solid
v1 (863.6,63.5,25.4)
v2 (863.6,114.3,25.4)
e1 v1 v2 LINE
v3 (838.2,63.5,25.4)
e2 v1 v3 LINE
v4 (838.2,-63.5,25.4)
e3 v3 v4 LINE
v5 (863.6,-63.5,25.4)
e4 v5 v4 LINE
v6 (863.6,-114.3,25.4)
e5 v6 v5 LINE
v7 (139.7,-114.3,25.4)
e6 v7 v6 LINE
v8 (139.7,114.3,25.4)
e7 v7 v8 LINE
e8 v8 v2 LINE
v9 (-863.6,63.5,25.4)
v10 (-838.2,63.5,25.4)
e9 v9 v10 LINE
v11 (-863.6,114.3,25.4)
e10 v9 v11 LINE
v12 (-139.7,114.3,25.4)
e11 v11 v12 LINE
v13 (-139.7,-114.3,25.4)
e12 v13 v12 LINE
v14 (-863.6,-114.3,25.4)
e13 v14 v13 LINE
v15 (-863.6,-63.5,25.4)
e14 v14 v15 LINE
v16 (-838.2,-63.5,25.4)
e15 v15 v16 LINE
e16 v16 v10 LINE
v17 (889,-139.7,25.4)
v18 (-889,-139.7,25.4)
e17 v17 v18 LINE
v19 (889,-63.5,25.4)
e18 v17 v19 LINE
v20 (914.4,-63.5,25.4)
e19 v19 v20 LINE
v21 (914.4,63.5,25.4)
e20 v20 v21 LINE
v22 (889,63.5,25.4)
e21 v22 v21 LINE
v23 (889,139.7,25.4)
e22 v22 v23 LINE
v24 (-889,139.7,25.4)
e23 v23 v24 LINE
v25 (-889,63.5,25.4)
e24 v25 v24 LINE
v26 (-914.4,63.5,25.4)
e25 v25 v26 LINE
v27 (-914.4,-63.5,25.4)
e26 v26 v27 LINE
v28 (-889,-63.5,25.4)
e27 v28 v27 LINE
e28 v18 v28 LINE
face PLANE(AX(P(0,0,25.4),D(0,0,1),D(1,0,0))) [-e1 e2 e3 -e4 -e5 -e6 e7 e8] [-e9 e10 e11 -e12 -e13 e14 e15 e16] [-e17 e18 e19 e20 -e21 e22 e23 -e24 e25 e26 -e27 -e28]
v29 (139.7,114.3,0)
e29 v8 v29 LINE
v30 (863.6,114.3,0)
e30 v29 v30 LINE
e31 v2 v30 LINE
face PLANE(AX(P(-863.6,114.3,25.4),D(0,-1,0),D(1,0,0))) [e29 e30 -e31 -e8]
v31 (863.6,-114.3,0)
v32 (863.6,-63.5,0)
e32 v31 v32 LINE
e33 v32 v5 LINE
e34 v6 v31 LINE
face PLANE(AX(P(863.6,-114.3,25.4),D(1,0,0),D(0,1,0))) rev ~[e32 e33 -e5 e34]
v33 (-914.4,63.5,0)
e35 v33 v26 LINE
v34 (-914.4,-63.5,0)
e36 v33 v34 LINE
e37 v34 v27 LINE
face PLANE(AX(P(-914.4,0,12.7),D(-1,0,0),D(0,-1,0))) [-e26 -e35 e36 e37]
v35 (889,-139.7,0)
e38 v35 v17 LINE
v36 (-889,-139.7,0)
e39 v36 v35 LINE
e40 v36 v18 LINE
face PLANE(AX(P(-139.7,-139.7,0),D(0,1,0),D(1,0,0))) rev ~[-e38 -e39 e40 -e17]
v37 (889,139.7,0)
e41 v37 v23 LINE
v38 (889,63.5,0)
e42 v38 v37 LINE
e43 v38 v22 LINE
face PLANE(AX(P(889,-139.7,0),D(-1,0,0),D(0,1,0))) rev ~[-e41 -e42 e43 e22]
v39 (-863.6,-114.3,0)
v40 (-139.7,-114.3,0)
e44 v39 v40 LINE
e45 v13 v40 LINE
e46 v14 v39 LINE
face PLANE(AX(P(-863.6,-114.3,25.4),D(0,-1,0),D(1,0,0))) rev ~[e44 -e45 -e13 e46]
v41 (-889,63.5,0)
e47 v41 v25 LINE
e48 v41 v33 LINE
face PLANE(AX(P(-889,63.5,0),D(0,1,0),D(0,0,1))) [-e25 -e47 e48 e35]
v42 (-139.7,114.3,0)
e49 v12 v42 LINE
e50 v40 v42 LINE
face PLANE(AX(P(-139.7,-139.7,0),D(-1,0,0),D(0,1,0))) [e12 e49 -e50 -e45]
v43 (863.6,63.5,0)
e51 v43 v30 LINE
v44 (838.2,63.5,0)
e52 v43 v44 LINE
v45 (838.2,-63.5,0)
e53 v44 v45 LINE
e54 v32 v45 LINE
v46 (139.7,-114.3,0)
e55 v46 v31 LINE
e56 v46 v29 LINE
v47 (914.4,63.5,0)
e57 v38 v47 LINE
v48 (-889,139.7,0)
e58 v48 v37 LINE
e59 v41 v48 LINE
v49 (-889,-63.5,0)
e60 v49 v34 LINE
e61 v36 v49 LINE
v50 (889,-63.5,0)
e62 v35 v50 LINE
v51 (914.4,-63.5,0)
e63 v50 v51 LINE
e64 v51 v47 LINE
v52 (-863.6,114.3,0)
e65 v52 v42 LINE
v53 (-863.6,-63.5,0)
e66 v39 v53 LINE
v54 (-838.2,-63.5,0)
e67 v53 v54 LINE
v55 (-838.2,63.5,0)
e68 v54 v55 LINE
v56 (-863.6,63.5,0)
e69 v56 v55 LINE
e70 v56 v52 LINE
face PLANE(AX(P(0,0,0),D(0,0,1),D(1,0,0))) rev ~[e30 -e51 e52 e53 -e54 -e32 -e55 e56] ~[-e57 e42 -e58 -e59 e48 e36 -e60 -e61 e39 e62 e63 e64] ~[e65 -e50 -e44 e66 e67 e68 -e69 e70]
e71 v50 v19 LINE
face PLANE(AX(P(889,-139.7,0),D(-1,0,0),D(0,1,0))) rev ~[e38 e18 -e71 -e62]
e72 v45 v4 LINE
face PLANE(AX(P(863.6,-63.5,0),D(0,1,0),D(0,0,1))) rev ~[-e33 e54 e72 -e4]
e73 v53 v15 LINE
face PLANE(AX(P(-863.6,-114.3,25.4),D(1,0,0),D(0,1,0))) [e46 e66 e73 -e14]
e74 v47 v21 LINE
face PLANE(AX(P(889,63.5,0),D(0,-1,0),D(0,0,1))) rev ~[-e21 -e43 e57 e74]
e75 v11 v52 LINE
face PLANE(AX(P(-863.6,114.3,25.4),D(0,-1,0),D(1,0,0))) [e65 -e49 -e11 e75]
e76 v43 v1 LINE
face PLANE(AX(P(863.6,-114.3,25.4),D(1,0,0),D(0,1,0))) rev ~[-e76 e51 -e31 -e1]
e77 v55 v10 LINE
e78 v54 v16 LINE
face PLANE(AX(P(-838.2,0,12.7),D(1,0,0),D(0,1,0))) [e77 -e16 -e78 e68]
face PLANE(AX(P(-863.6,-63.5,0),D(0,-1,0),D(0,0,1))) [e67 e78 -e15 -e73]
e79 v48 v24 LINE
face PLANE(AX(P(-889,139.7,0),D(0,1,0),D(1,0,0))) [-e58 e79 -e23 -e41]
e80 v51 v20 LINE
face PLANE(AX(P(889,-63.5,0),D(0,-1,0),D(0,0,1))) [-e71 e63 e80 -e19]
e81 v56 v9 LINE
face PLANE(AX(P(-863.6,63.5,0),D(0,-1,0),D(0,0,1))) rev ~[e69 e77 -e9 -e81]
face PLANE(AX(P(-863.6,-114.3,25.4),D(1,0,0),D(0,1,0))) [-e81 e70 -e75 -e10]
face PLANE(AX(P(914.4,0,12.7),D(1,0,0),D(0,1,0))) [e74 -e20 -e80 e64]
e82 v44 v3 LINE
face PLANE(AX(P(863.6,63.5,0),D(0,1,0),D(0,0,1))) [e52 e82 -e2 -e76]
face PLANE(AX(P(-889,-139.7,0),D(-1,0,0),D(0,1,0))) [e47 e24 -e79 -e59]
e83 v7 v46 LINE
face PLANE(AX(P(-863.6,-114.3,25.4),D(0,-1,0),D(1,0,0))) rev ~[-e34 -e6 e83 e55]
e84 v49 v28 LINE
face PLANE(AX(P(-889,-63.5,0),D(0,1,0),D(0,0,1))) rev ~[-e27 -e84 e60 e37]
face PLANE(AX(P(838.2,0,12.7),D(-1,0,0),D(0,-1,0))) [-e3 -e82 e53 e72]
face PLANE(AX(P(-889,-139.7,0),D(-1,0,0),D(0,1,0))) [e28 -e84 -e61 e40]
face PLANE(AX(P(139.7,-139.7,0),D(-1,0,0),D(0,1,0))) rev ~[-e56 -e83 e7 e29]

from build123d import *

# Parameters (mm, degrees)
F0_W      = 1778
F0_H      = 279.4
F1_DEPTH  = 25.4
F2_W      = 1727.2
F2_H      = 228.6
F3_DEPTH  = 25.401
F4_W      = 279.4
F4_H      = 279.4
F5_DEPTH  = 25.4
F6_W      = 127
F6_H      = 25.4
F7_DEPTH  = 25.4
F8_W      = 127
F8_H      = 25.4
F9_DEPTH  = 25.4
F10_W     = 127
F10_H     = 25.4
F11_DEPTH = 25.4
F12_W     = 127
F12_H     = 25.4
F13_DEPTH = 25.4


with BuildPart() as f1:
    # F0 (on Top) → F1 (new body)
    with BuildSketch(Plane.XY):
        Rectangle(F0_W, F0_H)
    extrude(amount=F1_DEPTH)

    # F2 (on face) → F3 (cut, through all)
    with BuildSketch(Plane.XY.offset(25.4)):
        Rectangle(F2_W, F2_H)
    extrude(amount=-F3_DEPTH, mode=Mode.SUBTRACT)

    # F4 (on Top) → F5 (join)
    with BuildSketch(Plane.XY):
        Rectangle(F4_W, F4_H)
    extrude(amount=F5_DEPTH)

    # F6 (on face) → F7 (join)
    with BuildSketch(Plane(origin=(-889, 0, 0), x_dir=(0, -1, 0), z_dir=(-1, 0, 0))):
        with Locations((0, 12.7)):
            Rectangle(F6_W, F6_H)
    extrude(amount=F7_DEPTH)

    # F8 (on face) → F9 (join)
    with BuildSketch(Plane(origin=(863.6, 0, 0), x_dir=(0, -1, 0), z_dir=(-1, 0, 0))):
        with Locations((0, 12.7)):
            Rectangle(F8_W, F8_H)
    extrude(amount=F9_DEPTH)

    # F10 (on face) → F11 (join)
    with BuildSketch(Plane.YZ.offset(889)):
        with Locations((0, 12.7)):
            Rectangle(F10_W, F10_H)
    extrude(amount=F11_DEPTH)

    # F12 (on face) → F13 (join)
    with BuildSketch(Plane.YZ.offset(-863.6)):
        with Locations((0, 12.7)):
            Rectangle(F12_W, F12_H)
    extrude(amount=F13_DEPTH)


solid = f1.part
